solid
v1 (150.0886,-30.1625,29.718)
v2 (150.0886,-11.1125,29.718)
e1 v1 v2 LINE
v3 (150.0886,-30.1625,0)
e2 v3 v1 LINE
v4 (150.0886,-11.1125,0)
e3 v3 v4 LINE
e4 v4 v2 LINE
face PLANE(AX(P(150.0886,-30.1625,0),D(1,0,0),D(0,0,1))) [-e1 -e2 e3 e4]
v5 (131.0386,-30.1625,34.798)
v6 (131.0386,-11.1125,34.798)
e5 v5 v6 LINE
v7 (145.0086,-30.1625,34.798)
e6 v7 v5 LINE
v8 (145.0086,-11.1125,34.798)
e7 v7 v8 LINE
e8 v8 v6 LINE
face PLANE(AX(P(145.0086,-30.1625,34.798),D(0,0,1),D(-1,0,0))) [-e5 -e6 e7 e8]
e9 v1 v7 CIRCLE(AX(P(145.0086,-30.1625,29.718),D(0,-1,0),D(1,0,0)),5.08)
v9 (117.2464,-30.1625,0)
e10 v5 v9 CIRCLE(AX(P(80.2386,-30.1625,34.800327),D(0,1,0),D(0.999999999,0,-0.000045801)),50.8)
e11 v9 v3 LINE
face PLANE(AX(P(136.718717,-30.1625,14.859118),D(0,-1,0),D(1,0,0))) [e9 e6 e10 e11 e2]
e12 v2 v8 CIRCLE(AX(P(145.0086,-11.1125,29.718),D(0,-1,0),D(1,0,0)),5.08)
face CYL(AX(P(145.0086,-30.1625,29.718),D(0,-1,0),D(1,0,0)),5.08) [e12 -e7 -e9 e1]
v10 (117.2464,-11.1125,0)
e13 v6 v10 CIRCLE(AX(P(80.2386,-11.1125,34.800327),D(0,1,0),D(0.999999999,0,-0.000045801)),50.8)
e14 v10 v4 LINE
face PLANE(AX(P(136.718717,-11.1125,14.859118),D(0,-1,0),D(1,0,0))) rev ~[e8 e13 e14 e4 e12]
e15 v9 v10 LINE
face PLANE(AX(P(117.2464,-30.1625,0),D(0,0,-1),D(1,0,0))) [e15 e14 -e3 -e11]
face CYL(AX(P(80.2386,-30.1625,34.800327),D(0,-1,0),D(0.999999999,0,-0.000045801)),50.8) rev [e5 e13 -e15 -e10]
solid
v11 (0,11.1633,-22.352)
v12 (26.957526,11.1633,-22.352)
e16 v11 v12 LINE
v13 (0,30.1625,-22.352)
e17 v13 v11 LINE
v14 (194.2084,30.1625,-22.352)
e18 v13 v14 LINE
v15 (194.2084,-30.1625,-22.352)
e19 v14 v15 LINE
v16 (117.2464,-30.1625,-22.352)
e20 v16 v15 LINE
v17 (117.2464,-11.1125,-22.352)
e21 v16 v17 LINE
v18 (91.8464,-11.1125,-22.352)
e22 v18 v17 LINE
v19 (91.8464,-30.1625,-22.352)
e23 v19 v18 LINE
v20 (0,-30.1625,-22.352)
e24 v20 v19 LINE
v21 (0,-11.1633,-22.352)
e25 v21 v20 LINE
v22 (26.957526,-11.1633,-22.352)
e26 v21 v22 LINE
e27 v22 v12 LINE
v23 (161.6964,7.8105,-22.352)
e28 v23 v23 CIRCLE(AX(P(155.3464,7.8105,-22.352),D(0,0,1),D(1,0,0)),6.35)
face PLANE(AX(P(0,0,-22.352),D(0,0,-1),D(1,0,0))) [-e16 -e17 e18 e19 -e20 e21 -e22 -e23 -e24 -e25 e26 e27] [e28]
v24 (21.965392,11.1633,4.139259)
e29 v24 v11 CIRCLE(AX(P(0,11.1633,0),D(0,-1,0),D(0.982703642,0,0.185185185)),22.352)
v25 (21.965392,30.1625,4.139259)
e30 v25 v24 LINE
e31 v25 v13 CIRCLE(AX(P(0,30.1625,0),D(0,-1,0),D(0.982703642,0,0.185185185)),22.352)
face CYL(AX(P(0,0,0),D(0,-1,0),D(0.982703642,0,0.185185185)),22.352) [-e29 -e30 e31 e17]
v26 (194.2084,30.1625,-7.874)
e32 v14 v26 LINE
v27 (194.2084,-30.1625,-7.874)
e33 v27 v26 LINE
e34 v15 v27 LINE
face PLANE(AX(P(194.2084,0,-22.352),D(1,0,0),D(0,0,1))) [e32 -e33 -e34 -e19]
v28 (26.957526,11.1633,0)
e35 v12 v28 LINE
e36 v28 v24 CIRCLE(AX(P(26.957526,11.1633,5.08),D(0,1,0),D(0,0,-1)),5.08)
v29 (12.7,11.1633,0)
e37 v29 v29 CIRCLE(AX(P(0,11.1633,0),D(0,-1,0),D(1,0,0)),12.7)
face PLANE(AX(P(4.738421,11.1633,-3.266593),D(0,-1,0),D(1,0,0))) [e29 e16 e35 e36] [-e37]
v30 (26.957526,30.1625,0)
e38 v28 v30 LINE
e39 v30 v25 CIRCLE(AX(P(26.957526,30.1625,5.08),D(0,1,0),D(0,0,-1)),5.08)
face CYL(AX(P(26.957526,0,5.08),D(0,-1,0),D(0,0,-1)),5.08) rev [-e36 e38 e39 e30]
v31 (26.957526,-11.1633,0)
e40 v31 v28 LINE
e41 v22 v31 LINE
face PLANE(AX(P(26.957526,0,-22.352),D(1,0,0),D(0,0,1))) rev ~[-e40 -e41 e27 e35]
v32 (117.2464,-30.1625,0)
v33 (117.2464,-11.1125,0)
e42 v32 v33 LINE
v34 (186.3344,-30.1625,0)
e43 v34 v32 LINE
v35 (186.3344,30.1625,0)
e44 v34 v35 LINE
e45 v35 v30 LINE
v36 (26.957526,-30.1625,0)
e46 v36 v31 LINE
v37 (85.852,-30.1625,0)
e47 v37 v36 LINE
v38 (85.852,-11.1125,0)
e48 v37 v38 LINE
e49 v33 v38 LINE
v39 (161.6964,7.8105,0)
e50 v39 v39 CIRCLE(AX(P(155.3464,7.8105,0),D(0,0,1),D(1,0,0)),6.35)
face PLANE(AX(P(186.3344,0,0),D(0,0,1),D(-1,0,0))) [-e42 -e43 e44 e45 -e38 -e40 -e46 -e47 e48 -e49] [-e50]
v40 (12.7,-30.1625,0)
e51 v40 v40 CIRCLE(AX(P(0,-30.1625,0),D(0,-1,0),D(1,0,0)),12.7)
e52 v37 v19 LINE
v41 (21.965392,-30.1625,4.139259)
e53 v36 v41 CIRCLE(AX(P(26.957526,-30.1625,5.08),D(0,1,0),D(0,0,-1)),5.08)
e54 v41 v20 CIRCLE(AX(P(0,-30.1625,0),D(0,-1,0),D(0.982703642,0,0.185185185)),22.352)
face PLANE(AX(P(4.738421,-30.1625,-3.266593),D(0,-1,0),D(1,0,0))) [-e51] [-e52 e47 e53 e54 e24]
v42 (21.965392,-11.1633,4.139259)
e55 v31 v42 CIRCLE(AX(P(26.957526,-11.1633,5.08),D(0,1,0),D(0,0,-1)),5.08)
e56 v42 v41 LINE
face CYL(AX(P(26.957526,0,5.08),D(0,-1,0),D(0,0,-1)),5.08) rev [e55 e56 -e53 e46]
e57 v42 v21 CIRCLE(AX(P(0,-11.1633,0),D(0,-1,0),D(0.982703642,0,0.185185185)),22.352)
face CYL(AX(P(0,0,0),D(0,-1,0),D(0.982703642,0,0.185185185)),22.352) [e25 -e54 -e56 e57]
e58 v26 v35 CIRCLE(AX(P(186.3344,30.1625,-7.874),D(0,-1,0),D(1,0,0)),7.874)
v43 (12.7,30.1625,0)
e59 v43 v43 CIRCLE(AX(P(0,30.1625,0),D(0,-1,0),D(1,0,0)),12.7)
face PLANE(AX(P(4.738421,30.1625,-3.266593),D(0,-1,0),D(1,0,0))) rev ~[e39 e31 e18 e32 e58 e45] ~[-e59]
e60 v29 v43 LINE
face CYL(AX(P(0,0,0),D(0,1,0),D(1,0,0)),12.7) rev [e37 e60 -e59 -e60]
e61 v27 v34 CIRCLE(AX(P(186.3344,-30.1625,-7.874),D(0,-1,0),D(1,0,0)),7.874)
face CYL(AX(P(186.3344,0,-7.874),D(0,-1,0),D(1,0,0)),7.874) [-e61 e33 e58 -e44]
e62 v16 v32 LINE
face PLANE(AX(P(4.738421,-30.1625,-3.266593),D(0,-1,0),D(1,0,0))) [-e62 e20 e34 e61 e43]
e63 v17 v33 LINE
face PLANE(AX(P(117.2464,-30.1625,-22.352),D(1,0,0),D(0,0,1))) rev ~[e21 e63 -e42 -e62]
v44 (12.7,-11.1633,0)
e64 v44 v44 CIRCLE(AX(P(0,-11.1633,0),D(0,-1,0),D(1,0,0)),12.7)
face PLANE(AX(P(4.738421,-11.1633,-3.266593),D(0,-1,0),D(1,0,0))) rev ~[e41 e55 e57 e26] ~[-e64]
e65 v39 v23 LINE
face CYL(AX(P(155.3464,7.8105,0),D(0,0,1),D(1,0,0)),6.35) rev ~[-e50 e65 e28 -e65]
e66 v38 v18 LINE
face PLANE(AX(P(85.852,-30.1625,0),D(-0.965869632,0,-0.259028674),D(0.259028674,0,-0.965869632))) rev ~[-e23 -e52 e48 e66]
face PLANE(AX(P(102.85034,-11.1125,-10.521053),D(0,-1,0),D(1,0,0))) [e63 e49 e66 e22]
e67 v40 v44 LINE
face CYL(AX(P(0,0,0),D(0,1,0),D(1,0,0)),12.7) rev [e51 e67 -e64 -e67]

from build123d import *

# Parameters (mm, degrees)
F0_R     = 12.7
F1_DEPTH = 30.1625
F2_R     = 12.7
F3_DEPTH = 11.1633
F5_DEPTH = 19.05
F7_DEPTH = 19.05
F8_R     = 6.35
F9_DEPTH = 22.353


with BuildPart() as f1:
    # F0 (on Front) → F1 (new body, symmetric)
    with BuildSketch(Plane.XZ):
        with BuildLine():
            ThreePointArc((26.957526296, 0), (23.7150398244, 1.1694141767), (21.9653917967, 4.1392592593))
            ThreePointArc((21.9653917967, 4.1392592593), (-17.2065776226, 14.266940475), (0, -22.352))
            Line((0, -22.352), (26.957526296, -22.352))
            Line((26.957526296, -22.352), (26.957526296, 0))
        make_face()
        Circle(F0_R, mode=Mode.SUBTRACT)
        with BuildLine():
            Line((186.3344, 0), (26.957526296, 0))
            Line((26.957526296, 0), (26.957526296, -22.352))
            Line((26.957526296, -22.352), (194.2084, -22.352))
            Line((194.2084, -22.352), (194.2084, -7.874))
            ThreePointArc((194.2084, -7.874), (191.9021587951, -2.3062412049), (186.3344, 0))
        make_face()
    extrude(amount=F1_DEPTH, both=True)

    # F2 (on Front) → F3 (cut, symmetric)
    with BuildSketch(Plane.XZ):
        with BuildLine():
            ThreePointArc((26.957526296, 0), (23.7150398244, 1.1694141767), (21.9653917967, 4.1392592593))
            ThreePointArc((21.9653917967, 4.1392592593), (-17.2065776226, 14.266940475), (0, -22.352))
            Line((0, -22.352), (26.957526296, -22.352))
            Line((26.957526296, -22.352), (26.957526296, 0))
        make_face()
        Circle(F2_R, mode=Mode.SUBTRACT)
    extrude(amount=F3_DEPTH, both=True, mode=Mode.SUBTRACT)

    # F4 (on face) → F5 (cut)
    with BuildSketch(Plane.XZ.offset(30.1625)):
        Polygon((117.2464, 0), (85.852, 0), (91.8464, -22.352), (117.2464, -22.352), align=None)
    extrude(amount=-F5_DEPTH, mode=Mode.SUBTRACT)

    # F8 (on face) → F9 (cut, through all)
    with BuildSketch(Plane.XY):
        with Locations((155.3464, 7.8105)):
            Circle(F8_R)
    extrude(amount=-F9_DEPTH, mode=Mode.SUBTRACT)


with BuildPart() as f7:
    # F6 (on face) → F7 (new body)
    with BuildSketch(Plane.XZ.offset(30.1625)):
        with BuildLine():
            Line((117.2464, 0), (150.0886, 0))
            Line((150.0886, 0), (150.0886, 29.718))
            ThreePointArc((150.0886, 29.718), (148.6007024484, 33.3101024484), (145.0086, 34.798))
            Line((145.0086, 34.798), (131.0386, 34.798))
            ThreePointArc((131.0385999467, 34.798), (127.464415333, 16.0823576399), (117.2464, 0))
        make_face()
    extrude(amount=-F7_DEPTH)


solid = Compound([f1.part, f7.part])
